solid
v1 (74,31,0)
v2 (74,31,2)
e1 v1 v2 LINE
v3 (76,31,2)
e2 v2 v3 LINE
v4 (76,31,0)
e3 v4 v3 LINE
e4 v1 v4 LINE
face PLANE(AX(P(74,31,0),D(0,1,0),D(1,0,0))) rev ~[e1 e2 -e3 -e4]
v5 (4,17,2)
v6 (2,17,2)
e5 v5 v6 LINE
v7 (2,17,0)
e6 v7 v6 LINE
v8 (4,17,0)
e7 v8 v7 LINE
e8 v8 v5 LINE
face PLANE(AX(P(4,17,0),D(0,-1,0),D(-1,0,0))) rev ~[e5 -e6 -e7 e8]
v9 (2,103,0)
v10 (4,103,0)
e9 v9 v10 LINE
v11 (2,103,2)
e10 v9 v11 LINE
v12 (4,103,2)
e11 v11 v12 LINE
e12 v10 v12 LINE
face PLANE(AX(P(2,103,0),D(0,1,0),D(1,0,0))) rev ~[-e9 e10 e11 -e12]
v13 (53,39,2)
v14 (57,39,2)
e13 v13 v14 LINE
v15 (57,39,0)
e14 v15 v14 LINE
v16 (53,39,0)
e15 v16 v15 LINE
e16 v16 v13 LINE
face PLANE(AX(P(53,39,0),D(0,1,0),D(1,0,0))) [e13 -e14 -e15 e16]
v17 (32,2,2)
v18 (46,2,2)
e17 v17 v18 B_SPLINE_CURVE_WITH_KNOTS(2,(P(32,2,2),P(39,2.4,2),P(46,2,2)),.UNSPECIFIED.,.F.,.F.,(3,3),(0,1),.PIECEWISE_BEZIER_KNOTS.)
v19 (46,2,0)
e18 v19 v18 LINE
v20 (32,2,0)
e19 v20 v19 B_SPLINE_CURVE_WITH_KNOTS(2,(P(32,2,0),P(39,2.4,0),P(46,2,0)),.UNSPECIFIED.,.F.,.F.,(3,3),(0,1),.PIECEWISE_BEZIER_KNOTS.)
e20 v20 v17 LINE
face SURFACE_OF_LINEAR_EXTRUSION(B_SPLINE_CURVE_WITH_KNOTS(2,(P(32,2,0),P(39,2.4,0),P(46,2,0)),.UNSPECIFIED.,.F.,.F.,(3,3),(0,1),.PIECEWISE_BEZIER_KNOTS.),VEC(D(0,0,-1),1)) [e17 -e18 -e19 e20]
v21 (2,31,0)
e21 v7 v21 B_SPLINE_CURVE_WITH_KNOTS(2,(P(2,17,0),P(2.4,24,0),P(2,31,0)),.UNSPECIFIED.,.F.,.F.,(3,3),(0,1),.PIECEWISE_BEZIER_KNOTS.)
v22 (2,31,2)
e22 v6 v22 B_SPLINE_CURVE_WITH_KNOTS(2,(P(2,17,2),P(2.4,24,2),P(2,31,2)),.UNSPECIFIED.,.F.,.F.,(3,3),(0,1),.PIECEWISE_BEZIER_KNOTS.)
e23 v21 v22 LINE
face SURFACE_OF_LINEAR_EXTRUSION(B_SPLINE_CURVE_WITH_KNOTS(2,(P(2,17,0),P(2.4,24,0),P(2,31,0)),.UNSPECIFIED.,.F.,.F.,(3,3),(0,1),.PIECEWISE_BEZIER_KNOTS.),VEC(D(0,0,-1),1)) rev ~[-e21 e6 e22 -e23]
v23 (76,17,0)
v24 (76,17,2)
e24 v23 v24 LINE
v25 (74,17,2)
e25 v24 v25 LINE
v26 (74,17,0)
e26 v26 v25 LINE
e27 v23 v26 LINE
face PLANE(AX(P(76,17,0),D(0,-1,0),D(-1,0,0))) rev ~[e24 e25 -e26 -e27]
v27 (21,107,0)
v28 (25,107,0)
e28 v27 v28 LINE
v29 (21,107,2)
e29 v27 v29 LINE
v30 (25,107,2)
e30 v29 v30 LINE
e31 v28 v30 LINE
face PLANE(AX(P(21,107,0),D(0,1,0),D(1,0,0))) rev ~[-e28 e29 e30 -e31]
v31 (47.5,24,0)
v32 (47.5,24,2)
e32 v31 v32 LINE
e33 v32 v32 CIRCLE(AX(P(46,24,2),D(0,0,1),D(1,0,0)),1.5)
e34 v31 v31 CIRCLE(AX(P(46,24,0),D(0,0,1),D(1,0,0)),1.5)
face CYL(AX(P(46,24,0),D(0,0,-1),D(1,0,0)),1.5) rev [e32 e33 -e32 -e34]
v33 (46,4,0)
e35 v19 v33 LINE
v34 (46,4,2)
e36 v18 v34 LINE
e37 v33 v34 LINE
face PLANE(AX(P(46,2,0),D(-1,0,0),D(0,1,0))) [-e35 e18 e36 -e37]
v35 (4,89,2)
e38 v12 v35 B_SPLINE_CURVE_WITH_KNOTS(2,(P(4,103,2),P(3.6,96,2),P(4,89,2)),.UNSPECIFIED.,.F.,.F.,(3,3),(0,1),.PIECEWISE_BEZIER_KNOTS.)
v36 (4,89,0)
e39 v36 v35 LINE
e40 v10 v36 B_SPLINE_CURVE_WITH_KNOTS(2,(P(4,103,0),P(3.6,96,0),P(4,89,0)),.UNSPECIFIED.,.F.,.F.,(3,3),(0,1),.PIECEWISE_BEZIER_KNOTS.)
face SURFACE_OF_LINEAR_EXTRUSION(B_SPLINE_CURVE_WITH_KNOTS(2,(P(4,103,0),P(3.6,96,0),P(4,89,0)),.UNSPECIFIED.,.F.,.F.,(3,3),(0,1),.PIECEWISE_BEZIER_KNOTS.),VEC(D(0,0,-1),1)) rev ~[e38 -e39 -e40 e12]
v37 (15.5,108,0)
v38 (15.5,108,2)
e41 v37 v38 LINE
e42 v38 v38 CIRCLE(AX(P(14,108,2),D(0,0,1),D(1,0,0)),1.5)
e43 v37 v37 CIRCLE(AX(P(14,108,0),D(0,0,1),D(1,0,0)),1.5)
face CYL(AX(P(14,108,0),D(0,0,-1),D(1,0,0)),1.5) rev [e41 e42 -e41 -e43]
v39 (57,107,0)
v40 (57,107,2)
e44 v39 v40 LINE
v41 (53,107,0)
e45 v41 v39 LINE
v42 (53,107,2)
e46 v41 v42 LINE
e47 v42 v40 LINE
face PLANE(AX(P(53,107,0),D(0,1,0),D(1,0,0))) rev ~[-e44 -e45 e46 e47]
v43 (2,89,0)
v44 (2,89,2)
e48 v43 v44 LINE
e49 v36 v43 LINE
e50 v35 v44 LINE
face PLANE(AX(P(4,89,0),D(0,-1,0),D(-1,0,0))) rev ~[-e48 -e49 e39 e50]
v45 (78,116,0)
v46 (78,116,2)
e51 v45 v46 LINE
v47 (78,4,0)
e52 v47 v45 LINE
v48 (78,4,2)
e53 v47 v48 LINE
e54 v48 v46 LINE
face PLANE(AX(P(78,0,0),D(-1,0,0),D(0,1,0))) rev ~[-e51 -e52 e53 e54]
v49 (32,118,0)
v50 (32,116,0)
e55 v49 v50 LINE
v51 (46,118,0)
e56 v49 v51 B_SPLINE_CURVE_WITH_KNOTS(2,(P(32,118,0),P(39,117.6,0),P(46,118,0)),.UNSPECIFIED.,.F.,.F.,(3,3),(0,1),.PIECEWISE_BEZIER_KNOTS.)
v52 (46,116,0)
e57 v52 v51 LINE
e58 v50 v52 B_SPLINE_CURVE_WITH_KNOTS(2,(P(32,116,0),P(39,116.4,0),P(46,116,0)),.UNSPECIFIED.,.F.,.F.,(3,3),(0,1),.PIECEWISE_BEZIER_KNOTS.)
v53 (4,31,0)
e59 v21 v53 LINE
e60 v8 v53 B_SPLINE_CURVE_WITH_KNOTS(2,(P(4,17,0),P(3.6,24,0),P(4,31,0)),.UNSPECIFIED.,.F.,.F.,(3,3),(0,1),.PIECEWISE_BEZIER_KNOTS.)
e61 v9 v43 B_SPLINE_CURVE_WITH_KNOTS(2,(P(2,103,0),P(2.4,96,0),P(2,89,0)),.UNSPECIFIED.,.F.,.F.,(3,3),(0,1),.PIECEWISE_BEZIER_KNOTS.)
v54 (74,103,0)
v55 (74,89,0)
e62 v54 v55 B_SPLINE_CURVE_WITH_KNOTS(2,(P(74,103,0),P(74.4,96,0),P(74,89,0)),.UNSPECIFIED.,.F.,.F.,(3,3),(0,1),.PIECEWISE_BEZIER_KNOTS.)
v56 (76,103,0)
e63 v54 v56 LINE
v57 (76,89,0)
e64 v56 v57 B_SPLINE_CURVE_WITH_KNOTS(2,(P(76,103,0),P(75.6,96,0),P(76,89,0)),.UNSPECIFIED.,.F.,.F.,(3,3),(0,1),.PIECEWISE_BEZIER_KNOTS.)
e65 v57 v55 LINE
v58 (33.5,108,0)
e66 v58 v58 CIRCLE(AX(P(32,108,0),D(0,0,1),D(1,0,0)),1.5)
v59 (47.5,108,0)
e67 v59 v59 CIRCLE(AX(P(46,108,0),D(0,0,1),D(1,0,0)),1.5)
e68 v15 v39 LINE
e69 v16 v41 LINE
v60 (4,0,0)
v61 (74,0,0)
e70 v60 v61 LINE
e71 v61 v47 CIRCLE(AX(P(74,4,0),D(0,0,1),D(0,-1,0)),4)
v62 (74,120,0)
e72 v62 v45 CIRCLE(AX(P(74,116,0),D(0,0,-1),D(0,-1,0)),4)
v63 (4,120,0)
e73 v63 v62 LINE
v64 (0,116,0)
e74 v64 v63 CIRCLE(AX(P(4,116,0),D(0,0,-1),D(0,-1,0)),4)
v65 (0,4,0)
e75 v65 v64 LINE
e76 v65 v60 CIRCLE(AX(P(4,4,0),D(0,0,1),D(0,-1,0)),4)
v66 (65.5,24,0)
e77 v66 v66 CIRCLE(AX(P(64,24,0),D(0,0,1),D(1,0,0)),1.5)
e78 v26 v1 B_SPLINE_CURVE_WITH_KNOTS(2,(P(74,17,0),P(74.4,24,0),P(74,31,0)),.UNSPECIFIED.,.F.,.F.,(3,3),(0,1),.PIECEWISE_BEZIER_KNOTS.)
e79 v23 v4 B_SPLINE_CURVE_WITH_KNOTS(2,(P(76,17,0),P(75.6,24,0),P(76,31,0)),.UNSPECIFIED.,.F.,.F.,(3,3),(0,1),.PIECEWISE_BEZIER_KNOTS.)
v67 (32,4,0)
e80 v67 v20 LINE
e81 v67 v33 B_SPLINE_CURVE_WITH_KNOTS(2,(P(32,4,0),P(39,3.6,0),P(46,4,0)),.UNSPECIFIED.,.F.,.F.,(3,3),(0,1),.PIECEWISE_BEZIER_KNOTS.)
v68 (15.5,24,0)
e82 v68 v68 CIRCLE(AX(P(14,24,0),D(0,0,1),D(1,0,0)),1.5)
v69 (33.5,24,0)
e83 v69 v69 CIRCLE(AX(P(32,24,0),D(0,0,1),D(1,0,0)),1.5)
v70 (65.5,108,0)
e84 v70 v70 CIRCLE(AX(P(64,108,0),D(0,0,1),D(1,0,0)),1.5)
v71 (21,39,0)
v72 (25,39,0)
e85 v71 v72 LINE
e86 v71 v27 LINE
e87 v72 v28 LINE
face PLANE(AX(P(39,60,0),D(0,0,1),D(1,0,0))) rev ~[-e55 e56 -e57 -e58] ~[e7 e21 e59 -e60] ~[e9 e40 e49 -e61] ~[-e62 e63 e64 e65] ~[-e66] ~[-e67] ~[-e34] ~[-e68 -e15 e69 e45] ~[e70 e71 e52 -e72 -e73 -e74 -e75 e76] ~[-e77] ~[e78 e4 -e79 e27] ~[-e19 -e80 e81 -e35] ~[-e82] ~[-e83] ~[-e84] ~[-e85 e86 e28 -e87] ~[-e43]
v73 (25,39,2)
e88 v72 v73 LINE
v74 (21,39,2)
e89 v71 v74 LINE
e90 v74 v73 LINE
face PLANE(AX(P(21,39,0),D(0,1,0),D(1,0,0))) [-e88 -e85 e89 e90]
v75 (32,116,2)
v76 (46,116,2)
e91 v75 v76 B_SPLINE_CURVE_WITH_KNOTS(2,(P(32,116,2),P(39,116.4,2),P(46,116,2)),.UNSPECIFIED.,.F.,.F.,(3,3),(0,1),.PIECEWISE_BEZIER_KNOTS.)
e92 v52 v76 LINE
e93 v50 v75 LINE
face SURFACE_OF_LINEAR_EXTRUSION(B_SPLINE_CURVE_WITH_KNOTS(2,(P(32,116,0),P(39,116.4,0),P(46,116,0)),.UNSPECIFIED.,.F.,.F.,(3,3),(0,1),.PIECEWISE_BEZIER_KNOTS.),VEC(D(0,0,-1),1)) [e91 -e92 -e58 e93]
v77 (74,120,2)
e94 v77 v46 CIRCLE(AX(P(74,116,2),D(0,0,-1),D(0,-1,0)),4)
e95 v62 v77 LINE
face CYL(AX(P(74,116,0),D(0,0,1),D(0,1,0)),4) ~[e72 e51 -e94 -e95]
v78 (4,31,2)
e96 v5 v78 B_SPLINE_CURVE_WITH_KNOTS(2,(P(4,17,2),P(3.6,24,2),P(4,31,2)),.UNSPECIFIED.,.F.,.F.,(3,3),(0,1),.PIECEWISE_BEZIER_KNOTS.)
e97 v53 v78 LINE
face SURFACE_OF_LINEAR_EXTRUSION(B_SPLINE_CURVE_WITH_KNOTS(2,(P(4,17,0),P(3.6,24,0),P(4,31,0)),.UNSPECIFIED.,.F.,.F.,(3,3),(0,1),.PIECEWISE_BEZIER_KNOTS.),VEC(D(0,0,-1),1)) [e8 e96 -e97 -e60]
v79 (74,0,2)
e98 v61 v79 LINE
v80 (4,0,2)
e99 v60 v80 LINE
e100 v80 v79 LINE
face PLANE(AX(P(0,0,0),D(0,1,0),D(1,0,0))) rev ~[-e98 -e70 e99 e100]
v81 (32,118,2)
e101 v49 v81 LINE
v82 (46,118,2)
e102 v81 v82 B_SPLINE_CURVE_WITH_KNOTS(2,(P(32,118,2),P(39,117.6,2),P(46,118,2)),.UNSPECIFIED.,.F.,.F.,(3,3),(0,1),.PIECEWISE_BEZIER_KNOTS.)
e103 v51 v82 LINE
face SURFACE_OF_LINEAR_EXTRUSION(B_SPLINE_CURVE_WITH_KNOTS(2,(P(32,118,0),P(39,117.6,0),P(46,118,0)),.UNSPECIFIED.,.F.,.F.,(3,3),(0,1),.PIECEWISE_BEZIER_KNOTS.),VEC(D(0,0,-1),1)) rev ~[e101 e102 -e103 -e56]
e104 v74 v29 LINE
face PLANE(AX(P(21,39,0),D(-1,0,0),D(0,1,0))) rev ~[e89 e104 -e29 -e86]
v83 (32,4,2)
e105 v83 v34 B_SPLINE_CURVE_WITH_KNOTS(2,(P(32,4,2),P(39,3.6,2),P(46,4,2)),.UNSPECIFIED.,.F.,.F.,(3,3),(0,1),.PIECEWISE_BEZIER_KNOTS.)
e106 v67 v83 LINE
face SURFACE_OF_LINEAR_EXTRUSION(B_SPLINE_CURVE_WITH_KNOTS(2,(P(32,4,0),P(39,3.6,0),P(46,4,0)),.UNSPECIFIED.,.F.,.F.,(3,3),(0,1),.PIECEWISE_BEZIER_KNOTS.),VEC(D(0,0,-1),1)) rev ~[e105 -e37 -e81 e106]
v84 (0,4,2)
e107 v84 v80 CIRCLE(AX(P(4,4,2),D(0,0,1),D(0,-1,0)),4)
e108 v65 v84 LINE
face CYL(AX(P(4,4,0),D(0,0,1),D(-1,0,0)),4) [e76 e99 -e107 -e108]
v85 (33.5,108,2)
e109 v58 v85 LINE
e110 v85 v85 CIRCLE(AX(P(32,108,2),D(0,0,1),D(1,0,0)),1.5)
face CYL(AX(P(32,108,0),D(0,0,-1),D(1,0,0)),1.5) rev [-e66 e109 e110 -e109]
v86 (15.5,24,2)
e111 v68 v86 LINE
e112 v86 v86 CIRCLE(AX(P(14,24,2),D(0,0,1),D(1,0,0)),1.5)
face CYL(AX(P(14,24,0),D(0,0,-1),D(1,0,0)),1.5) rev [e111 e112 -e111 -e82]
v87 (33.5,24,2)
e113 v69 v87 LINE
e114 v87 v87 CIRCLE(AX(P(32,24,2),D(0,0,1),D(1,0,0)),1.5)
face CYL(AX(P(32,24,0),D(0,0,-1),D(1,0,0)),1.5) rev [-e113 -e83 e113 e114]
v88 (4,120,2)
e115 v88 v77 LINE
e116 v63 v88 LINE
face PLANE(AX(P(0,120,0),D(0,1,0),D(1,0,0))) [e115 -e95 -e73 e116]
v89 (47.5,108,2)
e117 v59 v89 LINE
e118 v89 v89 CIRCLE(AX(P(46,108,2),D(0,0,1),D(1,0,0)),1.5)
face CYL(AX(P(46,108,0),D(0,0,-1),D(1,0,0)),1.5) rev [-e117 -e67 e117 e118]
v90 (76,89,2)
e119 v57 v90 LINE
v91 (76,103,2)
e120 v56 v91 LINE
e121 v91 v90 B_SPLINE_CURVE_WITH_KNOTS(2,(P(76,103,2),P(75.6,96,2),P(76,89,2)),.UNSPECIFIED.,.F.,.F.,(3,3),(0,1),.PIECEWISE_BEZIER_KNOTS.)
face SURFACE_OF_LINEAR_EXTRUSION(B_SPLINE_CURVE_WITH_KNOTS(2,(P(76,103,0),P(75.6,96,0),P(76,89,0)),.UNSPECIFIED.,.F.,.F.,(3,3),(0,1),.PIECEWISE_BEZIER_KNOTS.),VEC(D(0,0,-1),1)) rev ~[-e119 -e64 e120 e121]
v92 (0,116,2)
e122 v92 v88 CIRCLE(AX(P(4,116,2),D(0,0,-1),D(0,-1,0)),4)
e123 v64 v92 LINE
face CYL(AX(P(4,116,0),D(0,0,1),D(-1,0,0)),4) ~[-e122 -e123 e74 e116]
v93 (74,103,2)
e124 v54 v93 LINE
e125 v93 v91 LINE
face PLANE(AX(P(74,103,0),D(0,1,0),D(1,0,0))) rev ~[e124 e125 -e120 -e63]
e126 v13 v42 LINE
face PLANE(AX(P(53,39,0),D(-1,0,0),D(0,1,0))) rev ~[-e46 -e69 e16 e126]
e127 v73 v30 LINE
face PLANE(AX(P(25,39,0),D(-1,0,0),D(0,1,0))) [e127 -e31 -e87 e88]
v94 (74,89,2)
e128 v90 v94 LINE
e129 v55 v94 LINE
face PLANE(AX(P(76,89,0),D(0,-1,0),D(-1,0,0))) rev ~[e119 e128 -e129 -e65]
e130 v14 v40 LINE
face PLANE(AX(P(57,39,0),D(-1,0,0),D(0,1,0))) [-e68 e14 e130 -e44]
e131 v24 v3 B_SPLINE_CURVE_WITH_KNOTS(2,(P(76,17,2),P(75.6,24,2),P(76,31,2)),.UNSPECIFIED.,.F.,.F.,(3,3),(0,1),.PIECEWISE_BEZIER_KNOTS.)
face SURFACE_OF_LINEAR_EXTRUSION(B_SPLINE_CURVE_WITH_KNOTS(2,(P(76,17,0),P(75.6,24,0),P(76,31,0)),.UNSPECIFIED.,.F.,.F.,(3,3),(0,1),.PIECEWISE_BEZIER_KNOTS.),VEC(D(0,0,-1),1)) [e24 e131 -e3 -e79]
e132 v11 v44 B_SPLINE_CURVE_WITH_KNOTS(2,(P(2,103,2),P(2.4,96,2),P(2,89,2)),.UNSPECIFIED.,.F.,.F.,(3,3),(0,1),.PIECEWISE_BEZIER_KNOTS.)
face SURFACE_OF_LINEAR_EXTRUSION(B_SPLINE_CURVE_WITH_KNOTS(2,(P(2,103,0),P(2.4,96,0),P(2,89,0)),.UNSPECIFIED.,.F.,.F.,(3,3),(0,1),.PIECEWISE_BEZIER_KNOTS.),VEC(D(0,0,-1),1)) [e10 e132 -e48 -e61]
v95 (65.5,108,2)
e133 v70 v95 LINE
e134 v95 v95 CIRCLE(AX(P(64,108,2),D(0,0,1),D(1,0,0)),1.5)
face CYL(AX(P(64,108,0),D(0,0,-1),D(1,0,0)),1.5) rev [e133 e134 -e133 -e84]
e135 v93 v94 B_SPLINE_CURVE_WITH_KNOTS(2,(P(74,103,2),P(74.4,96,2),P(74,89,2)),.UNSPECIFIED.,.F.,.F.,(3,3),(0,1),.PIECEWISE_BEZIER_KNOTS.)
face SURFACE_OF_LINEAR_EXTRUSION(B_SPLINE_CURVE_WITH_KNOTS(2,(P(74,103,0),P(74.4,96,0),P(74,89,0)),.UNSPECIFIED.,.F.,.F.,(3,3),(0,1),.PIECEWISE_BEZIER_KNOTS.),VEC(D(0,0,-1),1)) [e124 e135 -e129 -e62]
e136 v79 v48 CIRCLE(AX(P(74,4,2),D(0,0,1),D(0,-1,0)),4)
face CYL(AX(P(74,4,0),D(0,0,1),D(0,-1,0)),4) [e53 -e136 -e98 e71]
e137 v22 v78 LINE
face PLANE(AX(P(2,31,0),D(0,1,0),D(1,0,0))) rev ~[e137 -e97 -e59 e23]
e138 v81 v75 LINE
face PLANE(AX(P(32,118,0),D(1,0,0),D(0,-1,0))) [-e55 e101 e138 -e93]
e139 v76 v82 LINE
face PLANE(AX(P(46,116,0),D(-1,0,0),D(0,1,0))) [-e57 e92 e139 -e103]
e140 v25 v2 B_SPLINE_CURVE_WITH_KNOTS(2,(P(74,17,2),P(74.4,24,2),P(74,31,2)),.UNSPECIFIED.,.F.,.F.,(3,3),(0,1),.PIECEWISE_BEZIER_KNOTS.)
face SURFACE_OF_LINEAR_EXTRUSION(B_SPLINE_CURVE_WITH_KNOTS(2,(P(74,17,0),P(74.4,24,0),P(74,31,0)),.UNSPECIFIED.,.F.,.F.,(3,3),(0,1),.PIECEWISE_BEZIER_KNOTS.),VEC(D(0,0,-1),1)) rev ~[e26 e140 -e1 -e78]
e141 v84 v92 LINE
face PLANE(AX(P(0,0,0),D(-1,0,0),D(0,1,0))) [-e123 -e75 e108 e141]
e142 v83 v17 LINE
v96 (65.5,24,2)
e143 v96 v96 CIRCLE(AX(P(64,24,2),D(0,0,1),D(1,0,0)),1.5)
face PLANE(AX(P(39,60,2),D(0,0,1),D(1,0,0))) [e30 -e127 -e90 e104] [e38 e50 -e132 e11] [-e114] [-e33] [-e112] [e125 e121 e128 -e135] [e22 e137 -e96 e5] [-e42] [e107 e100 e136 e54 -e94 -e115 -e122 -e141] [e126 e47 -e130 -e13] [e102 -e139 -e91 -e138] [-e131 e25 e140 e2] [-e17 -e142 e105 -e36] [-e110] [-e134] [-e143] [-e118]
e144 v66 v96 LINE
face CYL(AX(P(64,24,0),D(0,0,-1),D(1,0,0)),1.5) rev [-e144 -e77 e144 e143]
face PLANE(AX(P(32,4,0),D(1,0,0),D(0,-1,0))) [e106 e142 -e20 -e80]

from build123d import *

# Parameters (mm, degrees)
SKETCH1_W              = 78
SKETCH1_H              = 120
SKETCH1_R              = 1.5
SKETCH1_W_2            = 4
SKETCH1_H_2            = 68
MAIN_SLIDER_TOP_DEPTH  = 2
SLIDE_TOP_CONTOURING_R = 4


with BuildPart() as part:
    # Sketch1 → Main Slider Top (new body)
    with BuildSketch(Plane.XY):
        with Locations((39, 60)):
            Rectangle(SKETCH1_W, SKETCH1_H)
        with Locations((14, 108)):
            Circle(SKETCH1_R, mode=Mode.SUBTRACT)
        with Locations((32, 108)):
            Circle(SKETCH1_R, mode=Mode.SUBTRACT)
        with Locations((14, 24)):
            Circle(SKETCH1_R, mode=Mode.SUBTRACT)
        with Locations((32, 24)):
            Circle(SKETCH1_R, mode=Mode.SUBTRACT)
        with Locations((46, 108)):
            Circle(SKETCH1_R, mode=Mode.SUBTRACT)
        with Locations((64, 108)):
            Circle(SKETCH1_R, mode=Mode.SUBTRACT)
        with Locations((46, 24)):
            Circle(SKETCH1_R, mode=Mode.SUBTRACT)
        with Locations((64, 24)):
            Circle(SKETCH1_R, mode=Mode.SUBTRACT)
        with Locations((23, 73)):
            Rectangle(SKETCH1_W_2, SKETCH1_H_2, mode=Mode.SUBTRACT)
        with Locations((55, 73)):
            Rectangle(SKETCH1_W_2, SKETCH1_H_2, mode=Mode.SUBTRACT)
        with BuildLine():
            Line((32, 118), (32, 116))
            add(Edge.make_bspline(
                [(32, 116), (39, 116.4), (46, 116)],
                knots=[0, 0, 0, 1, 1, 1], degree=2))
            Line((46, 116), (46, 118))
            add(Edge.make_bspline(
                [(32, 118), (39, 117.6), (46, 118)],
                knots=[0, 0, 0, 1, 1, 1], degree=2))
        make_face(mode=Mode.SUBTRACT)
        with BuildLine():
            Line((46, 2), (46, 4))
            add(Edge.make_bspline(
                [(32, 4), (39, 3.6), (46, 4)],
                knots=[0, 0, 0, 1, 1, 1], degree=2))
            Line((32, 4), (32, 2))
            add(Edge.make_bspline(
                [(32, 2), (39, 2.4), (46, 2)],
                knots=[0, 0, 0, 1, 1, 1], degree=2))
        make_face(mode=Mode.SUBTRACT)
        with BuildLine():
            Line((2, 31), (4, 31))
            add(Edge.make_bspline(
                [(4, 17), (3.6, 24), (4, 31)],
                knots=[0, 0, 0, 1, 1, 1], degree=2))
            Line((4, 17), (2, 17))
            add(Edge.make_bspline(
                [(2, 17), (2.4, 24), (2, 31)],
                knots=[0, 0, 0, 1, 1, 1], degree=2))
        make_face(mode=Mode.SUBTRACT)
        with BuildLine():
            Line((76, 17), (74, 17))
            add(Edge.make_bspline(
                [(74, 17), (74.4, 24), (74, 31)],
                knots=[0, 0, 0, 1, 1, 1], degree=2))
            Line((74, 31), (76, 31))
            add(Edge.make_bspline(
                [(76, 17), (75.6, 24), (76, 31)],
                knots=[0, 0, 0, 1, 1, 1], degree=2))
        make_face(mode=Mode.SUBTRACT)
        with BuildLine():
            Line((76, 89), (74, 89))
            add(Edge.make_bspline(
                [(74, 103), (74.4, 96), (74, 89)],
                knots=[0, 0, 0, 1, 1, 1], degree=2))
            Line((74, 103), (76, 103))
            add(Edge.make_bspline(
                [(76, 103), (75.6, 96), (76, 89)],
                knots=[0, 0, 0, 1, 1, 1], degree=2))
        make_face(mode=Mode.SUBTRACT)
        with BuildLine():
            Line((2, 103), (4, 103))
            add(Edge.make_bspline(
                [(4, 103), (3.6, 96), (4, 89)],
                knots=[0, 0, 0, 1, 1, 1], degree=2))
            Line((4, 89), (2, 89))
            add(Edge.make_bspline(
                [(2, 103), (2.4, 96), (2, 89)],
                knots=[0, 0, 0, 1, 1, 1], degree=2))
        make_face(mode=Mode.SUBTRACT)
    extrude(amount=MAIN_SLIDER_TOP_DEPTH)

    # Slide Top Contouring
    slide_top_contouring_edges = [part.edges().sort_by_distance(p)[0] for p in [
        (0, 0, 1),
        (0, 120, 1),
        (78, 120, 1),
        (78, 0, 1),
    ]]
    fillet(slide_top_contouring_edges, radius=SLIDE_TOP_CONTOURING_R)


solid = part.part
